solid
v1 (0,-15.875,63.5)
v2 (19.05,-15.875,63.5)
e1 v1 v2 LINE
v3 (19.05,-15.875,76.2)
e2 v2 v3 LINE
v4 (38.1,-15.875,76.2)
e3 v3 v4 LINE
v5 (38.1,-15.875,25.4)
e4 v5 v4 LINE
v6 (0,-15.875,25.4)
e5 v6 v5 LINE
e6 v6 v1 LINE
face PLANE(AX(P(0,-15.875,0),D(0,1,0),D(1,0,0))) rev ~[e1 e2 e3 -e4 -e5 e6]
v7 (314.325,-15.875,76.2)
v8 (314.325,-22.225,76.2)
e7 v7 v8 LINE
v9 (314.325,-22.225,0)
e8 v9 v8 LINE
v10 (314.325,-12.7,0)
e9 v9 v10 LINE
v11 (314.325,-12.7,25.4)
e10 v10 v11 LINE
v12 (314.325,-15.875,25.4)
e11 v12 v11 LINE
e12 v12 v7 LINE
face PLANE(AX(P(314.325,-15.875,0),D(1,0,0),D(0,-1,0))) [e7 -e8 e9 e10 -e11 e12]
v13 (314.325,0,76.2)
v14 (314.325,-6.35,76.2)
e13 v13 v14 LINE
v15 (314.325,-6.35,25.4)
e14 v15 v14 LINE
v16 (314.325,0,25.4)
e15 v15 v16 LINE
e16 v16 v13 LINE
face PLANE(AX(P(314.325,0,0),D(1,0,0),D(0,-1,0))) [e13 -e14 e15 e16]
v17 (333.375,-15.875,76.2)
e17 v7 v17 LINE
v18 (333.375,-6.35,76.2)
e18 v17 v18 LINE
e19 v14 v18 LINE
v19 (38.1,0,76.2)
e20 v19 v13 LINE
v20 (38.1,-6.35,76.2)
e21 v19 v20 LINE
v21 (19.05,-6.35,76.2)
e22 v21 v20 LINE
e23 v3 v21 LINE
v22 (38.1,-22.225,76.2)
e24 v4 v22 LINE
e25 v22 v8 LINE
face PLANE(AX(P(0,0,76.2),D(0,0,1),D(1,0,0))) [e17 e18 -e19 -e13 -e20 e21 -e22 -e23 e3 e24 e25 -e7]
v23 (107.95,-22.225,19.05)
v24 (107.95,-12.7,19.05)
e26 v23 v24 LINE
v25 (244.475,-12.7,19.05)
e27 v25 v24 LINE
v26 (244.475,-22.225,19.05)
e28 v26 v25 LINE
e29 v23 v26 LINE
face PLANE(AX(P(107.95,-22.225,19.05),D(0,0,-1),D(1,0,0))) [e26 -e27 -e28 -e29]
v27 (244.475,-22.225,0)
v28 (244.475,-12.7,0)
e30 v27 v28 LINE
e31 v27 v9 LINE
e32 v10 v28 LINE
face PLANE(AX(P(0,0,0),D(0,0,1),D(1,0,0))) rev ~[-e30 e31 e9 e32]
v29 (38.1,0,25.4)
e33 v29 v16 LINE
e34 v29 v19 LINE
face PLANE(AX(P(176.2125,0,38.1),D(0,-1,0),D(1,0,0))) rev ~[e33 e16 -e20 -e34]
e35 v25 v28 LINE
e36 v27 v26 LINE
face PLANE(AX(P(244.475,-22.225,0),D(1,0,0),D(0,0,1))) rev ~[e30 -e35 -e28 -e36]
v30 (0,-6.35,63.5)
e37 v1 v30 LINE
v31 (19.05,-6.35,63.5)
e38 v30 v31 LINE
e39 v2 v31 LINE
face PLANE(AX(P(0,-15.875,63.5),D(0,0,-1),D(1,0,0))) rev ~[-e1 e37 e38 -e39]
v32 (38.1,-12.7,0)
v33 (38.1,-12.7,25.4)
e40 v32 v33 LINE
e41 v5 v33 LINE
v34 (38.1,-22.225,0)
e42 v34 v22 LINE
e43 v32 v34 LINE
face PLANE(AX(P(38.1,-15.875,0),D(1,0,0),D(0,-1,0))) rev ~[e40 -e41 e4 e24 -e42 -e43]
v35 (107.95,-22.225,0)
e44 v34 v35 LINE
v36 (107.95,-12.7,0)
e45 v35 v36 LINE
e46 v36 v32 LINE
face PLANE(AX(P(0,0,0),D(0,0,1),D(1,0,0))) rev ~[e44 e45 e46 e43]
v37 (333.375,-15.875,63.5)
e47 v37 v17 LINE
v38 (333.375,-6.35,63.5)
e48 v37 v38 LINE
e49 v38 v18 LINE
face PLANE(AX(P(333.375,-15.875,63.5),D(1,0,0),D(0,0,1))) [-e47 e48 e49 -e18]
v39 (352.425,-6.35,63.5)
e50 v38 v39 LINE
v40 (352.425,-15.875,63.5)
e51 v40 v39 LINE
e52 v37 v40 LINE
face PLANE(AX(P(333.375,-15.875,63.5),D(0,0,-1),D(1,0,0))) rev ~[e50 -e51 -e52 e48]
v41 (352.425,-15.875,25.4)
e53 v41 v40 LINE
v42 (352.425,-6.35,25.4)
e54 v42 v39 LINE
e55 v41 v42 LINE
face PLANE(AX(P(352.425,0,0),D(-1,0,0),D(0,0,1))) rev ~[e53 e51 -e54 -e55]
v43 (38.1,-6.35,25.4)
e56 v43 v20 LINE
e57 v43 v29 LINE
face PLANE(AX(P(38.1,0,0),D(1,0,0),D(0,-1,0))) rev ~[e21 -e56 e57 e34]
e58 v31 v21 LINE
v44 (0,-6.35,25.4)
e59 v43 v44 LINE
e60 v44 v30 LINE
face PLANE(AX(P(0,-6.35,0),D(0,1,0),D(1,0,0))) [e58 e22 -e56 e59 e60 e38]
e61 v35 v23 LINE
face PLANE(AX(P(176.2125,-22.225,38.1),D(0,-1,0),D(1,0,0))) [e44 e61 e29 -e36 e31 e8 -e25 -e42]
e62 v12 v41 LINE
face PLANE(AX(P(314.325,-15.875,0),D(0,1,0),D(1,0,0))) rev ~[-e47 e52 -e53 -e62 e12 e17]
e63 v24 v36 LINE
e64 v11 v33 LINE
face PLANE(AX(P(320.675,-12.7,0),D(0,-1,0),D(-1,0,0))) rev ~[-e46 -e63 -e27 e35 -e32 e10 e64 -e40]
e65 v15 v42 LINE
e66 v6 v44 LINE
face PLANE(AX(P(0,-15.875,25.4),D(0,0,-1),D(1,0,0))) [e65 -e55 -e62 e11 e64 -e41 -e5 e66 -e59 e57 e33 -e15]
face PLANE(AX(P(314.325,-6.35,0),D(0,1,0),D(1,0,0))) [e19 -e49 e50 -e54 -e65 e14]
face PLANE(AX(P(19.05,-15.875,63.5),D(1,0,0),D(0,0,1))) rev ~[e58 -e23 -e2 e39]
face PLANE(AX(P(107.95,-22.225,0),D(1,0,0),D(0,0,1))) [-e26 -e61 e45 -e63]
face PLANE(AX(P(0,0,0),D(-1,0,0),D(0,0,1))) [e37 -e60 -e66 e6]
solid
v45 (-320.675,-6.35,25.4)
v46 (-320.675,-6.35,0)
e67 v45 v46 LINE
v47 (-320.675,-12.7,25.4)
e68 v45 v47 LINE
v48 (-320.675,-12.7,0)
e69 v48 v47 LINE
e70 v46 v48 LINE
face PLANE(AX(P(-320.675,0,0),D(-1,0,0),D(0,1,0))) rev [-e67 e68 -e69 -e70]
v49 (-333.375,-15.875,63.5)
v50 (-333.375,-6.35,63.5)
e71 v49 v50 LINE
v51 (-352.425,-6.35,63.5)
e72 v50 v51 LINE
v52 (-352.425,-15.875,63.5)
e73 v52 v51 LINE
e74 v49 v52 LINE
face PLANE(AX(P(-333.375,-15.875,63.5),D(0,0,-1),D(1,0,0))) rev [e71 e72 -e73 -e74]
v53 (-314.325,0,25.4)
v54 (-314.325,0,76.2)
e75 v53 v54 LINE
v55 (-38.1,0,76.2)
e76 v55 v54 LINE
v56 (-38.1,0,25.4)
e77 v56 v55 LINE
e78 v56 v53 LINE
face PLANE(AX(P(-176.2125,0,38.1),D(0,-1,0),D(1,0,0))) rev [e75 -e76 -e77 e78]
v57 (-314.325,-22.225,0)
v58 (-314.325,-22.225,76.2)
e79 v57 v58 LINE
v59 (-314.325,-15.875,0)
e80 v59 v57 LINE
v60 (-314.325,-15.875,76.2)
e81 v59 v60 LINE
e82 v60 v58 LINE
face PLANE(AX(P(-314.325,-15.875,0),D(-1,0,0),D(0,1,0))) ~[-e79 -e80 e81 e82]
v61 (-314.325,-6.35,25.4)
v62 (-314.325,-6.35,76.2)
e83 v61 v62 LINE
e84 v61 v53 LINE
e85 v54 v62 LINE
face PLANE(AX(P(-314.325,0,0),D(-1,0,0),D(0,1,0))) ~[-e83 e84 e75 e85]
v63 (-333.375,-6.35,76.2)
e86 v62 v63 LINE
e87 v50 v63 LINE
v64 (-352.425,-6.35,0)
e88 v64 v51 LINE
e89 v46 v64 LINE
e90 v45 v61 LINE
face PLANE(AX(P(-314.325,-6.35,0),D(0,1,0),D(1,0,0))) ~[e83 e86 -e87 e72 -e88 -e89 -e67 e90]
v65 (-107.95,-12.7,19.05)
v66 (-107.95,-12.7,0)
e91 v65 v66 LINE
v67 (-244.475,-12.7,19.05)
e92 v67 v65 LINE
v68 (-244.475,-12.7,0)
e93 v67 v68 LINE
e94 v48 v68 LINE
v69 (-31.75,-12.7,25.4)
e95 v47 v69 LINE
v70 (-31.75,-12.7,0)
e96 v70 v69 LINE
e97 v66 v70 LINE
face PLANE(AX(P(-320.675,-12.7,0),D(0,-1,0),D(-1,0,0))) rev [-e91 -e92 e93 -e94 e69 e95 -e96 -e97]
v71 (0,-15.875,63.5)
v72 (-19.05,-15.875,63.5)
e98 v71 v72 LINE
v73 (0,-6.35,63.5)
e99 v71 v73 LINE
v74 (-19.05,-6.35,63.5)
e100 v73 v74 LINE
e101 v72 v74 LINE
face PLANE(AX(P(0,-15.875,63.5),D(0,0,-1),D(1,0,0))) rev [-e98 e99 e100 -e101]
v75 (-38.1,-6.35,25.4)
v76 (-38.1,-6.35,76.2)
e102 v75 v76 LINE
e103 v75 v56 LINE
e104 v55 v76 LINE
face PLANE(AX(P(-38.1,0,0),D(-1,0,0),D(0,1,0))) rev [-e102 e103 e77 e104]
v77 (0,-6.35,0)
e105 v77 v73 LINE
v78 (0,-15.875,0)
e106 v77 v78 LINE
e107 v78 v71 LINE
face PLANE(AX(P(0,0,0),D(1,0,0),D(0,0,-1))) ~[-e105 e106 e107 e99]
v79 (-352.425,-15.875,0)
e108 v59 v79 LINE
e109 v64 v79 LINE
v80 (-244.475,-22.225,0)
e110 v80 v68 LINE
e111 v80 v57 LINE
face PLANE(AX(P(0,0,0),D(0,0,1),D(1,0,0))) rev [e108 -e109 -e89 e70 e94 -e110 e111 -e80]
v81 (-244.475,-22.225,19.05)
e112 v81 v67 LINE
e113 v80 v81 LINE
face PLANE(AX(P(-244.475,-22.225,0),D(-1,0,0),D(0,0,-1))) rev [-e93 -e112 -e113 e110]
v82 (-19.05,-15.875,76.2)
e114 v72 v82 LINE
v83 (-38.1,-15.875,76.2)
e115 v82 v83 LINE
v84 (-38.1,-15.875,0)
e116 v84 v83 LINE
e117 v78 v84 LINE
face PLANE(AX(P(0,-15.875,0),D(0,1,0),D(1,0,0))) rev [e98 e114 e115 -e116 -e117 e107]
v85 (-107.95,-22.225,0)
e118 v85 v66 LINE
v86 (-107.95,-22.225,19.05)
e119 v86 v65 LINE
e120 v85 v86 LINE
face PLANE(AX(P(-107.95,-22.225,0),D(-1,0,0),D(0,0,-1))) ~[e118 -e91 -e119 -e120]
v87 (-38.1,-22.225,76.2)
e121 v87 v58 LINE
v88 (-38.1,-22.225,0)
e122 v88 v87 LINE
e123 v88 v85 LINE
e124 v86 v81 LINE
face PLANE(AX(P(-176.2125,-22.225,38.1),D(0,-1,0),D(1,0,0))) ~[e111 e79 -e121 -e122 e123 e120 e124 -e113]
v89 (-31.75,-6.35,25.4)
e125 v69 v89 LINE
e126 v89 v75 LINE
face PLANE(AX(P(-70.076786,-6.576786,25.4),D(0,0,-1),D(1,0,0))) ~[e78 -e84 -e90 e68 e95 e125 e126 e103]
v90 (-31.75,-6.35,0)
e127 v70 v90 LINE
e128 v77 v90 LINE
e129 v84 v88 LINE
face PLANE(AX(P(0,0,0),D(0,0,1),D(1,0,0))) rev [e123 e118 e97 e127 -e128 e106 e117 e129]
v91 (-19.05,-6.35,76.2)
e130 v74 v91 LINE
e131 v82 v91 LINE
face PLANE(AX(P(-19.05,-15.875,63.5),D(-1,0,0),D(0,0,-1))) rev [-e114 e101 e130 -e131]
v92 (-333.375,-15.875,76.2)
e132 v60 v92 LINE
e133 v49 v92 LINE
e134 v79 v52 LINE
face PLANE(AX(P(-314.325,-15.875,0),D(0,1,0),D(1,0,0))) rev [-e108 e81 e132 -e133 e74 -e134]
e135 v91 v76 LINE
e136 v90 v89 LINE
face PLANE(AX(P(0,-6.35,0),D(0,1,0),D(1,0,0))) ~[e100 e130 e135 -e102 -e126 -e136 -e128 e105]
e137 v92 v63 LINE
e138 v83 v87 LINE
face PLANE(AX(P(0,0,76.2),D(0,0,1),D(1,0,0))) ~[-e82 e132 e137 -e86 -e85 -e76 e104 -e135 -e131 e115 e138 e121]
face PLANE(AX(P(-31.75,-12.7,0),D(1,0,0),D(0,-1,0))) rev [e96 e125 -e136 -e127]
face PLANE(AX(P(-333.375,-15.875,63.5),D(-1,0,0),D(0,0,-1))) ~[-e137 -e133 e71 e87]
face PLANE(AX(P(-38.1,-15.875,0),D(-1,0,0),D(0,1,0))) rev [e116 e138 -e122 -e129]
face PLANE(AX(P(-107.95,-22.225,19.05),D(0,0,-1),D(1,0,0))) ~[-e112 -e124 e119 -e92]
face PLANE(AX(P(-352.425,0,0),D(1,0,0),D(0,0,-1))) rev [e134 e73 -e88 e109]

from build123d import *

# Parameters (mm, degrees)
F0_W      = 352.425
F0_H      = 76.2
F1_DEPTH  = 22.225
F2_W      = 38.1
F2_H      = 6.35
F3_DEPTH  = 76.2
F4_W      = 19.05
F4_H      = 12.7
F5_DEPTH  = 9.525
F6_W      = 136.525
F6_H      = 19.05
F7_DEPTH  = 22.225
F8_W      = 212.725
F8_H      = 12.7
F9_DEPTH  = 25.4
F11_W     = 38.1
F11_H     = 25.4
F12_DEPTH = 15.876


with BuildPart() as f1:
    # F0 (on Front) → F1 (new body)
    with BuildSketch(Plane.XZ):
        with Locations((176.2125, 38.1)):
            Rectangle(F0_W, F0_H)
    extrude(amount=F1_DEPTH)

    # F2 (on face) → F3 (cut, through all)
    with BuildSketch(Plane(origin=(0, 0, 0), x_dir=(1, 0, 0), z_dir=(0, 0, -1))):
        with Locations((19.05, 19.05)):
            Rectangle(F2_W, F2_H)
        with Locations((19.05, 3.175)):
            Rectangle(F2_W, F2_H)
        with Locations((333.375, 19.05)):
            Rectangle(F2_W, F2_H)
        with Locations((333.375, 3.175)):
            Rectangle(F2_W, F2_H)
    extrude(amount=-F3_DEPTH, mode=Mode.SUBTRACT)

    # F4 (on face) → F5 (cut, through all)
    with BuildSketch(Plane.XZ.offset(15.875)):
        with Locations((9.525, 69.85)):
            Rectangle(F4_W, F4_H)
        with Locations((342.9, 69.85)):
            Rectangle(F4_W, F4_H)
    extrude(amount=-F5_DEPTH, mode=Mode.SUBTRACT)

    # F6 (on face) → F7 (cut, through all)
    with BuildSketch(Plane.XZ.offset(22.225)):
        with Locations((176.2125, 9.525)):
            Rectangle(F6_W, F6_H)
    extrude(amount=-F7_DEPTH, mode=Mode.SUBTRACT)

    # F8 (on face) → F9 (cut)
    with BuildSketch(Plane(origin=(0, 0, 0), x_dir=(1, 0, 0), z_dir=(0, 0, -1))):
        Polygon((38.1, 6.35), (38.1, 0), (107.95, 0), (107.95, 12.7), (31.75, 12.7), (31.75, 6.35), align=None)
        with Locations((214.3125, 6.35)):
            Rectangle(F8_W, F8_H)
    extrude(amount=-F9_DEPTH, mode=Mode.SUBTRACT)


with BuildPart() as f10_1:
    # F10: instance of F1
    add(f1.part.mirror(Plane.YZ))


with BuildPart() as f1_1:
    add(f1.part)

    # F11 (on face) → F12 (cut, through all)
    with BuildSketch(Plane.XZ.offset(15.875)):
        with Locations((19.05, 12.7)):
            Rectangle(F11_W, F11_H)
        with Locations((333.375, 12.7)):
            Rectangle(F11_W, F11_H)
    extrude(amount=-F12_DEPTH, mode=Mode.SUBTRACT)


solid = Compound([f10_1.part, f1_1.part])
